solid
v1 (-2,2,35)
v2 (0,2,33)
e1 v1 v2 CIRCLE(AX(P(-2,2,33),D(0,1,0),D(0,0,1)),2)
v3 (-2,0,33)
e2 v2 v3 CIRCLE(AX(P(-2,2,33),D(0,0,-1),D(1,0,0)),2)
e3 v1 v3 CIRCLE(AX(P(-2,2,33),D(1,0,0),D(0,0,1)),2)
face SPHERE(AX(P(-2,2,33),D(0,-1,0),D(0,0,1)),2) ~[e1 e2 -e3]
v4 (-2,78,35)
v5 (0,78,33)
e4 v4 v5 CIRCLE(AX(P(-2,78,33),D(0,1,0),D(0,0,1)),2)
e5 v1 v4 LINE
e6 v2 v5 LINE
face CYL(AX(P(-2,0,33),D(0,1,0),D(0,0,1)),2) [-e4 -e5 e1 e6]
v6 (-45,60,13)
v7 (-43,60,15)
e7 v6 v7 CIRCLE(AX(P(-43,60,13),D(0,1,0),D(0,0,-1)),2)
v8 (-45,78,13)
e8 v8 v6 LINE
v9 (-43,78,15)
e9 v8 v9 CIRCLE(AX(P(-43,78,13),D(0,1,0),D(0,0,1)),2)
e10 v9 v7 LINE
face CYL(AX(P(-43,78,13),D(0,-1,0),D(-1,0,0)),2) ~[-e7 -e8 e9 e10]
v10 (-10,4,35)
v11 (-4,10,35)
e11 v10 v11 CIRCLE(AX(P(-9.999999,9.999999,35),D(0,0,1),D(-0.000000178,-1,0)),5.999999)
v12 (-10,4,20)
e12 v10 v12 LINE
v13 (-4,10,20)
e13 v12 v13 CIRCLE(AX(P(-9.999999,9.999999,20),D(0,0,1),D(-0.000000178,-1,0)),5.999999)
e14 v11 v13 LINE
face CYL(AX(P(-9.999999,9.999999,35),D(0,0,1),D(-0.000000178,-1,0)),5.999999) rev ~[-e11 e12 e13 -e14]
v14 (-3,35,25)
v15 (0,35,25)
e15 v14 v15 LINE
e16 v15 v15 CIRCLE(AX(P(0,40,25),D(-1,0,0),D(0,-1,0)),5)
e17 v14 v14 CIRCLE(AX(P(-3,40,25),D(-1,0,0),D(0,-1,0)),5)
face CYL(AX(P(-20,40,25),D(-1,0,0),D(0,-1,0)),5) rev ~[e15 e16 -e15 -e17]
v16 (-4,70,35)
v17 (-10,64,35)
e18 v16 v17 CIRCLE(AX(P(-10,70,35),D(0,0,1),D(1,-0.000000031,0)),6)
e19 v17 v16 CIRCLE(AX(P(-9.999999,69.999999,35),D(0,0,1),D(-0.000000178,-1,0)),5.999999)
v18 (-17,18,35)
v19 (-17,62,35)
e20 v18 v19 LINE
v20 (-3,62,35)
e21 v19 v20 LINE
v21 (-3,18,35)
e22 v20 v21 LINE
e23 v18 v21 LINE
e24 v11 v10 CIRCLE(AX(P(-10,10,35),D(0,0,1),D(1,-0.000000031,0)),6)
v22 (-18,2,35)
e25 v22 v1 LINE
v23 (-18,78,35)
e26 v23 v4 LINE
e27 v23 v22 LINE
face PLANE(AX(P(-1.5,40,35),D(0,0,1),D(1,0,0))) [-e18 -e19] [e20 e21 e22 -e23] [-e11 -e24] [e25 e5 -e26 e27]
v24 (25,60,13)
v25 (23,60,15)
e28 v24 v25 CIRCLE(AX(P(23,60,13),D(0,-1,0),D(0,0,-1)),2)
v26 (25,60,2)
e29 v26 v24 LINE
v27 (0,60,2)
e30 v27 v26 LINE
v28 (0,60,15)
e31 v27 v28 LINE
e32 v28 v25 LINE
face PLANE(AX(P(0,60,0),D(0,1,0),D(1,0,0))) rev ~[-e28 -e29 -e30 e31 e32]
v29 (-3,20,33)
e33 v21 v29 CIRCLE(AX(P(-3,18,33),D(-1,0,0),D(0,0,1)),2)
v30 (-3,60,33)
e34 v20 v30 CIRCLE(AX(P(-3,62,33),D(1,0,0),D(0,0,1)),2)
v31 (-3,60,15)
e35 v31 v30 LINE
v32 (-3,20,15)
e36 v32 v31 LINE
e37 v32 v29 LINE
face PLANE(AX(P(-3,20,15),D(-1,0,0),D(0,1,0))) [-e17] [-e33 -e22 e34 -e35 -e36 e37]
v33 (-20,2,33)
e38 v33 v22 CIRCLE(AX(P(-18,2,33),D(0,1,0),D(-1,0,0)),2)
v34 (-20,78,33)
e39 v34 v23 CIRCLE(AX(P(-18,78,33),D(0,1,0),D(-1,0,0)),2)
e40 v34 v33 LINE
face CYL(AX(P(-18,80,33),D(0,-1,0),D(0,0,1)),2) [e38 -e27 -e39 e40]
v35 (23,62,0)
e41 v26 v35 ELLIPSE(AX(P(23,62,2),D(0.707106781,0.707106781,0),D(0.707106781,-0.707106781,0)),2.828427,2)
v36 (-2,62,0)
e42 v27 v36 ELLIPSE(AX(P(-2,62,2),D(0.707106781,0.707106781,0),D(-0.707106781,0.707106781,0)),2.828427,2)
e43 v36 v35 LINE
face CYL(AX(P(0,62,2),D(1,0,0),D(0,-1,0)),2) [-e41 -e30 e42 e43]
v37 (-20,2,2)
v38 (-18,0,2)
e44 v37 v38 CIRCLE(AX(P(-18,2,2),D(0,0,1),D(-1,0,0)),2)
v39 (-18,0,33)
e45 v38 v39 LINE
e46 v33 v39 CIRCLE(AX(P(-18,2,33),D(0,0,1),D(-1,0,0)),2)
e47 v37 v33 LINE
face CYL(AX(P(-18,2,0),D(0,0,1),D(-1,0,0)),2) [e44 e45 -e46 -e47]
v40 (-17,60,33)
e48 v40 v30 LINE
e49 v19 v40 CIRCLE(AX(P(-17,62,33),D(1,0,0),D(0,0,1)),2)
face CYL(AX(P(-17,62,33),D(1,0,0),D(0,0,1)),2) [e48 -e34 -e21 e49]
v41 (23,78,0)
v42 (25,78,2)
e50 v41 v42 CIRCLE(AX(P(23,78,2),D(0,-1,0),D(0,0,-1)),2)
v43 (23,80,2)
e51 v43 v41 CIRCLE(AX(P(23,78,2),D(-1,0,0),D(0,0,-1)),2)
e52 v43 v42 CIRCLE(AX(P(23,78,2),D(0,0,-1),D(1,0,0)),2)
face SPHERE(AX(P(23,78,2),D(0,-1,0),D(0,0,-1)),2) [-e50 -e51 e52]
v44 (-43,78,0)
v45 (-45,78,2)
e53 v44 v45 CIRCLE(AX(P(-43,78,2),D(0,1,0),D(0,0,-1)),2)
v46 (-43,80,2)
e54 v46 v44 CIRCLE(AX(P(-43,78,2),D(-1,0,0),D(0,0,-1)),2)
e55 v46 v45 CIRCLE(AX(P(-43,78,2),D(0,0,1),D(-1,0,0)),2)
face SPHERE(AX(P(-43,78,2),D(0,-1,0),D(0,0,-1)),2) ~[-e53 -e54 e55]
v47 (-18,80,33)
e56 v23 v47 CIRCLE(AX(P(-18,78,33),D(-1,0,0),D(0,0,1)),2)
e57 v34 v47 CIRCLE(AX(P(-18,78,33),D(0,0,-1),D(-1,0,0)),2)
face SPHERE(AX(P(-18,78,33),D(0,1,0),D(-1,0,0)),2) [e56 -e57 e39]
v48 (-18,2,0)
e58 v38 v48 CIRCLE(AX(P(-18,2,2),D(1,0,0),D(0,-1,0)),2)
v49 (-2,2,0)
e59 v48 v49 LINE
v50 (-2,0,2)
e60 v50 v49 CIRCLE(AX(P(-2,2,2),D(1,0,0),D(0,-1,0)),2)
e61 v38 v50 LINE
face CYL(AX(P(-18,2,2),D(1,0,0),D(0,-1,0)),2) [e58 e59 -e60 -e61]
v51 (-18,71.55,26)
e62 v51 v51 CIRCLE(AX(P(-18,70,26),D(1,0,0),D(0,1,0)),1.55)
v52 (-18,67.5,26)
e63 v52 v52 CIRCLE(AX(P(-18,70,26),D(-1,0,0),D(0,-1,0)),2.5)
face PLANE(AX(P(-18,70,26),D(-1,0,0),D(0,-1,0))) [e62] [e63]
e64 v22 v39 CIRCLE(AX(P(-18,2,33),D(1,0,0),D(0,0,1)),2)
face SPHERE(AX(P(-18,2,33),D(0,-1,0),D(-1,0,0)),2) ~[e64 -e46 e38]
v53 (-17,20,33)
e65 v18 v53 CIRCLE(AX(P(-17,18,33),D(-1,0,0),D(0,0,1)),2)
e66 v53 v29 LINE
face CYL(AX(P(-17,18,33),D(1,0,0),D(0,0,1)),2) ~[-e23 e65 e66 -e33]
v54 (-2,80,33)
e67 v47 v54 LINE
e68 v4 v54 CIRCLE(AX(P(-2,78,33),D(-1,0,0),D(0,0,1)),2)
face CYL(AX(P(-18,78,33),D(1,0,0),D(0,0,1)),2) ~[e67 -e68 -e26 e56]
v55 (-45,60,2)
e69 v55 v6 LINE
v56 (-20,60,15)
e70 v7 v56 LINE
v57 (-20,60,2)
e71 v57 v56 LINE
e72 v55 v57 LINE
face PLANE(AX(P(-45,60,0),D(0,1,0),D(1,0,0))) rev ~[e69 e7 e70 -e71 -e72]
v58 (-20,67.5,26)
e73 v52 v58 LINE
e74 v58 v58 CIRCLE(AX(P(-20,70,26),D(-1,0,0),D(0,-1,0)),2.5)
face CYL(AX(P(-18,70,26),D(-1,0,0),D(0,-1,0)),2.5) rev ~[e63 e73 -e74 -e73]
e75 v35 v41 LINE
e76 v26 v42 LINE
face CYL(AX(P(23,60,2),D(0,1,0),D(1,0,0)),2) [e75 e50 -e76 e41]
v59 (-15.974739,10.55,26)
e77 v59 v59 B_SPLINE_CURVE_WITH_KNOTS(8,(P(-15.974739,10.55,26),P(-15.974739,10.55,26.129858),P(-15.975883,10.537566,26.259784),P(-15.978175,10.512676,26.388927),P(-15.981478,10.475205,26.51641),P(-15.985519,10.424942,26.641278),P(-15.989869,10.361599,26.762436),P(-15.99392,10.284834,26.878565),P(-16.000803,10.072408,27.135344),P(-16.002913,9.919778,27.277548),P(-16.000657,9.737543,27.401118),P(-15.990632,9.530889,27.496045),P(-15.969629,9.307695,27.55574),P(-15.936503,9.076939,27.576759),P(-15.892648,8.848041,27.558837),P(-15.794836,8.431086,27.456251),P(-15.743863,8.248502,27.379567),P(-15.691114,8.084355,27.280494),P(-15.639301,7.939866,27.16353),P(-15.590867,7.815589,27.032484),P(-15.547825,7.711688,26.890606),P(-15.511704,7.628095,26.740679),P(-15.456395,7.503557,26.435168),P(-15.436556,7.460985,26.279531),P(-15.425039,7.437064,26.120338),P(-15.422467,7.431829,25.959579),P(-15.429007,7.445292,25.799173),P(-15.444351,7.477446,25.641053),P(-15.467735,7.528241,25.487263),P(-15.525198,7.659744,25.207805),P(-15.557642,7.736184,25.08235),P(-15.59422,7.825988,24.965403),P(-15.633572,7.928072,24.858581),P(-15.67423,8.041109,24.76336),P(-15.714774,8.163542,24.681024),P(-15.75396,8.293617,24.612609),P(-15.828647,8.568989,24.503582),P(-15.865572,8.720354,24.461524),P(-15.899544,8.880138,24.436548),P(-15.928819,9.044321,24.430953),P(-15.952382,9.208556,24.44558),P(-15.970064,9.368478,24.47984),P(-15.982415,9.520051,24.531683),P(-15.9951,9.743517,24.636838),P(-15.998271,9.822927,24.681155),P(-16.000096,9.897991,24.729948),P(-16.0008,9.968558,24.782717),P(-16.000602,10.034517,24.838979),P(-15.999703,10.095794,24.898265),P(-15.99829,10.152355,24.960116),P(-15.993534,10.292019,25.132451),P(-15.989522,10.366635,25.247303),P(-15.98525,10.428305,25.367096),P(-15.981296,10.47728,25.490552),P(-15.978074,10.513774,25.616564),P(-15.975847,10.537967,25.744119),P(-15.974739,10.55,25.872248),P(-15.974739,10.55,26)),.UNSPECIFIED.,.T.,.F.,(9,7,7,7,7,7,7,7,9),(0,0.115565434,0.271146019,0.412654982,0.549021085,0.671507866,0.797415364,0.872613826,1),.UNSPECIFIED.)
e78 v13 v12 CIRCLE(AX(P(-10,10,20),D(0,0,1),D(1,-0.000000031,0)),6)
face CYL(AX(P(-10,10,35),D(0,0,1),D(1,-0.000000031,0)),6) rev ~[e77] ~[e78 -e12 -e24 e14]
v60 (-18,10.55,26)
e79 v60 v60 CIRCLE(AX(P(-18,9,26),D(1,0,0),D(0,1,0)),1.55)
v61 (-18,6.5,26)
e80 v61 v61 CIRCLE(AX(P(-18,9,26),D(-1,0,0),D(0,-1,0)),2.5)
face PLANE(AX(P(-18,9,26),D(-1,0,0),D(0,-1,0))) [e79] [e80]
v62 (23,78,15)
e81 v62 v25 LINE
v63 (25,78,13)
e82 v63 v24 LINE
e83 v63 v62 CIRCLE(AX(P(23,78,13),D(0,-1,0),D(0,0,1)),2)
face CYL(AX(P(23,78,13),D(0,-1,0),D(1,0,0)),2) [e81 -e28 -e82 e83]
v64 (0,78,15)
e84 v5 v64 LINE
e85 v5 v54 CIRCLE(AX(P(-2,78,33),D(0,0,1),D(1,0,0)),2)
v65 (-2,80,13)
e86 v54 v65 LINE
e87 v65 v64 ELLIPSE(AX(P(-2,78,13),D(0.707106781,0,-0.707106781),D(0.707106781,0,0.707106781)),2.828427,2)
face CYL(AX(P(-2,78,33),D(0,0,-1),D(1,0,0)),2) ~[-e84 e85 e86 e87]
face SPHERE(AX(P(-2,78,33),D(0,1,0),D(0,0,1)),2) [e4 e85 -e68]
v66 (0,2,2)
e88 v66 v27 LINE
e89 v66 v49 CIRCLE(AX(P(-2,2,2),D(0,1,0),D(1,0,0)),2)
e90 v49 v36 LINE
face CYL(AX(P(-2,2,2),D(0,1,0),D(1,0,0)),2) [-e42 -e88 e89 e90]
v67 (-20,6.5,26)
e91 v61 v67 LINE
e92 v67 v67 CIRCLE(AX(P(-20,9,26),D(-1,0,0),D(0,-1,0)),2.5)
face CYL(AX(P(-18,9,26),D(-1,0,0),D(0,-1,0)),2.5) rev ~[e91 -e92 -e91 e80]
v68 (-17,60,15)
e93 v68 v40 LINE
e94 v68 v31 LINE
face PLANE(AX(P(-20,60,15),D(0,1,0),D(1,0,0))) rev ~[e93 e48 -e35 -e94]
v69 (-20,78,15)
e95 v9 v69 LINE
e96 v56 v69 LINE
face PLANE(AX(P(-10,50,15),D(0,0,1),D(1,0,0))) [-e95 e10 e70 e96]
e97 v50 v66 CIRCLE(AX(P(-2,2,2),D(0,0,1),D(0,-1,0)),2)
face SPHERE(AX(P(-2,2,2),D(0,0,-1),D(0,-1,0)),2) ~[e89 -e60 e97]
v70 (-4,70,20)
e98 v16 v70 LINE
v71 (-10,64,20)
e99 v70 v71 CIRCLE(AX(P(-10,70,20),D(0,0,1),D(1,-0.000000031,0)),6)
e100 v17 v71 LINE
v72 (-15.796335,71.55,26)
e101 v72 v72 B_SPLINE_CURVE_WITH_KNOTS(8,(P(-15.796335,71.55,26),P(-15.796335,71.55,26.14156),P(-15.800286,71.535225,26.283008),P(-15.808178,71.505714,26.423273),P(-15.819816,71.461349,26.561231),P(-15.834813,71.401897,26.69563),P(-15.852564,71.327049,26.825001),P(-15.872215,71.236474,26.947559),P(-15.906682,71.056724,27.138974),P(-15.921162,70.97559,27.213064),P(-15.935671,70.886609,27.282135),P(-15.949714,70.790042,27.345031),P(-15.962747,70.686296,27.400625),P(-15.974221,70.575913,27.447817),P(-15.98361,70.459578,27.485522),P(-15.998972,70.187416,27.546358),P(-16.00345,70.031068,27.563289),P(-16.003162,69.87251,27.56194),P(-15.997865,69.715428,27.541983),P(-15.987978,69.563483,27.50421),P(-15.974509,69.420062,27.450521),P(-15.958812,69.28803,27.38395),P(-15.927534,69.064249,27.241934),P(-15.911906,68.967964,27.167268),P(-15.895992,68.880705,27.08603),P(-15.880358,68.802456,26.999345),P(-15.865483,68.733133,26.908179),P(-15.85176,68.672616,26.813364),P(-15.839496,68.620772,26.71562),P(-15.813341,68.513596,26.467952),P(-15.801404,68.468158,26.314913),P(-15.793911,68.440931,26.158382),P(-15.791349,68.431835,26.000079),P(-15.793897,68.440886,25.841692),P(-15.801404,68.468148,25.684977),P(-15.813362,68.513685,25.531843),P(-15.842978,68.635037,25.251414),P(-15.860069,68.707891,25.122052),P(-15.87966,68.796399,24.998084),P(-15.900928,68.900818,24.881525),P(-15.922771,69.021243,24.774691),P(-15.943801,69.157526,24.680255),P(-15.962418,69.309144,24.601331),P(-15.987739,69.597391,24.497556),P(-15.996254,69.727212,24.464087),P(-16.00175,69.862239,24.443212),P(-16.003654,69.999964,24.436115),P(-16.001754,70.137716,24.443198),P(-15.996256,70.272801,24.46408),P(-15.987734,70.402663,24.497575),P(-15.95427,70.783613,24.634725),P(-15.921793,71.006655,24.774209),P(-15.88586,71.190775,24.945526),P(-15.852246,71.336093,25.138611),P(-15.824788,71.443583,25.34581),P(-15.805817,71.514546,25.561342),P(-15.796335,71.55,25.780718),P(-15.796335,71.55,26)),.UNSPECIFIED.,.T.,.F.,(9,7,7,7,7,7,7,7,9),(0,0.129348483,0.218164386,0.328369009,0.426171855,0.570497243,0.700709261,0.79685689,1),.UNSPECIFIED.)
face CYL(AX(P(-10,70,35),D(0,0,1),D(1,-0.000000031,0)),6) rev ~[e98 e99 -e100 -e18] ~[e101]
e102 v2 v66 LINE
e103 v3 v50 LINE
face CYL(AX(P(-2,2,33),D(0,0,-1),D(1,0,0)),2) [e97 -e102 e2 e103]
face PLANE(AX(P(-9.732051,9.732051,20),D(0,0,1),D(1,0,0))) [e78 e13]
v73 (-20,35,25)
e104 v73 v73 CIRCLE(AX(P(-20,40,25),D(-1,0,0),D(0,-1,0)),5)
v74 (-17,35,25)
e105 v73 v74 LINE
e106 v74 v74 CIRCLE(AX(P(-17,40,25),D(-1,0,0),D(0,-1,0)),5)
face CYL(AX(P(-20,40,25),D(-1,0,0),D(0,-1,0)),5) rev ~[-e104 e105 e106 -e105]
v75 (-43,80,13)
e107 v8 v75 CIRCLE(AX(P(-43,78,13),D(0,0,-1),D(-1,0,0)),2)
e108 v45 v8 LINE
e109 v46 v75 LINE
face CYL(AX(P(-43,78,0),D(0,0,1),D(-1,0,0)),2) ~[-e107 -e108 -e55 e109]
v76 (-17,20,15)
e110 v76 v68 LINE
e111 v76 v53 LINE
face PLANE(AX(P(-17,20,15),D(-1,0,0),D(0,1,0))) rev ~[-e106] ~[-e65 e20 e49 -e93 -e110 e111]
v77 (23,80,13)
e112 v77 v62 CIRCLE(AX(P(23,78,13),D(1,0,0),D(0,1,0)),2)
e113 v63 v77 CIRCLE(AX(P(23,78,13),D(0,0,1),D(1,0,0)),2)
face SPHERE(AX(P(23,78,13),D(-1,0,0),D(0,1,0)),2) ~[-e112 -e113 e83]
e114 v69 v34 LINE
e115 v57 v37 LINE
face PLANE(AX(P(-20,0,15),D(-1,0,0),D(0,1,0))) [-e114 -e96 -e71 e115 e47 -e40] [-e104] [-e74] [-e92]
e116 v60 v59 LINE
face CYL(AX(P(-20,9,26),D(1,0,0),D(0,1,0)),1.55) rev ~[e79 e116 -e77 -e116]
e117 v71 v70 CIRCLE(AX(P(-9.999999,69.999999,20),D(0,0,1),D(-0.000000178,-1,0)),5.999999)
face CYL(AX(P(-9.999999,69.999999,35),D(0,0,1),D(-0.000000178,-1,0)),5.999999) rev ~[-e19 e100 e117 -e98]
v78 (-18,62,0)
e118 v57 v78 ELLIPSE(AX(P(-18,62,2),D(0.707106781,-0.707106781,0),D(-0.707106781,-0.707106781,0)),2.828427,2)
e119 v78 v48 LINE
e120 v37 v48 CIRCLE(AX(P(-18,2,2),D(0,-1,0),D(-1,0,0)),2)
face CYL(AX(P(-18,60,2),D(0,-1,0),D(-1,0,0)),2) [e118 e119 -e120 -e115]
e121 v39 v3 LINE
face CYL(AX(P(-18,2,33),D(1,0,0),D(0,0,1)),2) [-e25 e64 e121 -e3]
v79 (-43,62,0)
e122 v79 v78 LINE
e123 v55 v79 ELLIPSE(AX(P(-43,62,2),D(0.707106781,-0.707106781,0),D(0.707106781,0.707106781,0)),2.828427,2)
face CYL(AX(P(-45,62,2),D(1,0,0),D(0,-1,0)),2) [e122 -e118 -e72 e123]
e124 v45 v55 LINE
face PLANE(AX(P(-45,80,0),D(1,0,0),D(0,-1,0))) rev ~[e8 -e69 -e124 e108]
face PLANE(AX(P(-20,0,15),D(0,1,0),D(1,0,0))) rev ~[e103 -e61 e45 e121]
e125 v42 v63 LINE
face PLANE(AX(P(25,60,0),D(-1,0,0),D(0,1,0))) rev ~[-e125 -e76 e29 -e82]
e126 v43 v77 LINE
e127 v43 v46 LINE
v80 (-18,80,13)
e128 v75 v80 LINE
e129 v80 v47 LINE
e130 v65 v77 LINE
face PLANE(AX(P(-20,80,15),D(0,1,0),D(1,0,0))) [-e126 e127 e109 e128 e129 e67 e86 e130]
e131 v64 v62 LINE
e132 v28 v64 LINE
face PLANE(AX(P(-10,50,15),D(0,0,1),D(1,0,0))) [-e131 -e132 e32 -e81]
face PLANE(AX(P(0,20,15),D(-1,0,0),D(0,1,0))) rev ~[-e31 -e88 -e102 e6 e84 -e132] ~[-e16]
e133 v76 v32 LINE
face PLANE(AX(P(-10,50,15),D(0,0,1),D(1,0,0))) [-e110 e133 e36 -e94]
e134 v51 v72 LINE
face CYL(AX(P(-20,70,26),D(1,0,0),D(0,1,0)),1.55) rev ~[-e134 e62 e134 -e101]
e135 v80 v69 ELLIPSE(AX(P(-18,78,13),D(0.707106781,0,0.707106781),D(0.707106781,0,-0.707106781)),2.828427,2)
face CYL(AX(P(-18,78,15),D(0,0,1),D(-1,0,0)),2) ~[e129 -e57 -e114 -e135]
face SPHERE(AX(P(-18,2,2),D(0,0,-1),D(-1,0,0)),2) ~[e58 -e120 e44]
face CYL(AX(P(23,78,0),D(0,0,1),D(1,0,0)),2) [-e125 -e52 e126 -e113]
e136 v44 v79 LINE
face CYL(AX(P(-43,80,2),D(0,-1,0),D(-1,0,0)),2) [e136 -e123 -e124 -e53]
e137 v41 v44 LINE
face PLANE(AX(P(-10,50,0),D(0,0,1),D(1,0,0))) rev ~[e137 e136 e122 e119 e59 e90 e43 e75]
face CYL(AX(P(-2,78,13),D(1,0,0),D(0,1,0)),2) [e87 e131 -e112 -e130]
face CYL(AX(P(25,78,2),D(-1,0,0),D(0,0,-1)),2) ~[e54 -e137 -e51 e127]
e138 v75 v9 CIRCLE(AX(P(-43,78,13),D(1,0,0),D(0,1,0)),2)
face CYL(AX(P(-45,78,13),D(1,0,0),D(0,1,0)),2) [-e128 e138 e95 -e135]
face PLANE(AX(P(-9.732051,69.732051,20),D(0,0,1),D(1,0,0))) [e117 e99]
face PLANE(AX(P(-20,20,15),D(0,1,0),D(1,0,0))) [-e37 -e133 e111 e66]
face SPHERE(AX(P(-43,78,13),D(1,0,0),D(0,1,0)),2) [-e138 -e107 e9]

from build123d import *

# Parameters (mm, degrees)
F1_DEPTH        = 15
F2_W            = 20
F2_H            = 20
F3_DEPTH        = 20
F5_DEPTH        = 15
F6_W            = 20
F6_H            = 20
F7_DEPTH        = 20
F9_DEPTH        = 15
F10_W           = 3
F10_H           = 40
F11_DEPTH       = 20
F12_R           = 5
F13_DEPTH       = 25
F14_R           = 2
F15_R           = 2
F16_R           = 2
F17_R           = 2
F19_D           = 3.1
F19_DEPTH       = 6
F19_CBORE_D     = 5
F19_CBORE_DEPTH = 2


with BuildPart() as f1:
    # F0 (on Top) → F1 (new body)
    with BuildSketch(Plane.XY):
        Polygon((-20, 0), (0, 0), (0, 60), (25, 60), (25, 80), (-45, 80), (-45, 60), (-20, 60), align=None)
    extrude(amount=F1_DEPTH)

    # F2 (on face) → F3 (join)
    with BuildSketch(Plane.XY.offset(15)):
        with Locations((-10, 10)):
            Rectangle(F2_W, F2_H)
    extrude(amount=F3_DEPTH)

    # F4 (on face) → F5 (cut)
    with BuildSketch(Plane.XY.offset(35)):
        with BuildLine():
            ThreePointArc((-10, 4), (-5.757359, 5.757359), (-4, 10))
            ThreePointArc((-4, 10), (-14.242641, 14.242641), (-10, 4))
        make_face()
    extrude(amount=-F5_DEPTH, mode=Mode.SUBTRACT)

    # F6 (on face) → F7 (join)
    with BuildSketch(Plane.XY.offset(15)):
        with Locations((-10, 70)):
            Rectangle(F6_W, F6_H)
    extrude(amount=F7_DEPTH)

    # F8 (on face) → F9 (cut)
    with BuildSketch(Plane.XY.offset(35)):
        with BuildLine():
            ThreePointArc((-10, 64), (-5.757359, 65.757359), (-4, 70))
            ThreePointArc((-4, 70), (-14.242641, 74.242641), (-10, 64))
        make_face()
    extrude(amount=-F9_DEPTH, mode=Mode.SUBTRACT)

    # F10 (on face) → F11 (join)
    with BuildSketch(Plane.XY.offset(15)):
        with Locations((-1.5, 40)):
            Rectangle(F10_W, F10_H)
        with Locations((-18.5, 40)):
            Rectangle(F10_W, F10_H)
    extrude(amount=F11_DEPTH)

    # F12 (on face) → F13 (cut)
    with BuildSketch(Plane(origin=(-20, 0, 0), x_dir=(0, -1, 0), z_dir=(-1, 0, 0))):
        with Locations((-40, 25)):
            Circle(F12_R)
    extrude(amount=-F13_DEPTH, mode=Mode.SUBTRACT)

    # F14
    f14_edges = [f1.edges().sort_by_distance(p)[0] for p in [
        (-20, 40, 35),
        (0, 40, 35),
    ]]
    fillet(f14_edges, radius=F14_R)

    # F15
    f15_edges = [f1.edges().sort_by_distance(p)[0] for p in [
        (-10, 20, 35),
        (-10, 60, 35),
        (-10, 80, 35),
        (-10, 0, 35),
    ]]
    fillet(f15_edges, radius=F15_R)

    # F16
    f16_edges = [f1.edges().sort_by_distance(p)[0] for p in [
        (-1, 80, 15),
        (12.5, 80, 15),
        (-19, 80, 15),
        (-32.5, 80, 15),
    ]]
    fillet(f16_edges, radius=F16_R)

    # F17
    f17_edges = [f1.edges().sort_by_distance(p)[0] for p in [
        (-20, 31, 0),
        (-32.5, 60, 0),
        (12.5, 60, 0),
        (-45, 70, 0),
        (25, 70, 0),
        (-10, 80, 0),
        (-45, 80, 6.5),
        (25, 80, 6.5),
    ]]
    fillet(f17_edges, radius=F17_R)

    # F19
    with Locations(Plane(origin=(-20, 0, 0), x_dir=(0, -1, 0), z_dir=(-1, 0, 0))):
        with Locations((-70, 26), (-9, 26)):
            CounterBoreHole(F19_D / 2, F19_CBORE_D / 2, F19_CBORE_DEPTH, depth=F19_DEPTH)


solid = f1.part
